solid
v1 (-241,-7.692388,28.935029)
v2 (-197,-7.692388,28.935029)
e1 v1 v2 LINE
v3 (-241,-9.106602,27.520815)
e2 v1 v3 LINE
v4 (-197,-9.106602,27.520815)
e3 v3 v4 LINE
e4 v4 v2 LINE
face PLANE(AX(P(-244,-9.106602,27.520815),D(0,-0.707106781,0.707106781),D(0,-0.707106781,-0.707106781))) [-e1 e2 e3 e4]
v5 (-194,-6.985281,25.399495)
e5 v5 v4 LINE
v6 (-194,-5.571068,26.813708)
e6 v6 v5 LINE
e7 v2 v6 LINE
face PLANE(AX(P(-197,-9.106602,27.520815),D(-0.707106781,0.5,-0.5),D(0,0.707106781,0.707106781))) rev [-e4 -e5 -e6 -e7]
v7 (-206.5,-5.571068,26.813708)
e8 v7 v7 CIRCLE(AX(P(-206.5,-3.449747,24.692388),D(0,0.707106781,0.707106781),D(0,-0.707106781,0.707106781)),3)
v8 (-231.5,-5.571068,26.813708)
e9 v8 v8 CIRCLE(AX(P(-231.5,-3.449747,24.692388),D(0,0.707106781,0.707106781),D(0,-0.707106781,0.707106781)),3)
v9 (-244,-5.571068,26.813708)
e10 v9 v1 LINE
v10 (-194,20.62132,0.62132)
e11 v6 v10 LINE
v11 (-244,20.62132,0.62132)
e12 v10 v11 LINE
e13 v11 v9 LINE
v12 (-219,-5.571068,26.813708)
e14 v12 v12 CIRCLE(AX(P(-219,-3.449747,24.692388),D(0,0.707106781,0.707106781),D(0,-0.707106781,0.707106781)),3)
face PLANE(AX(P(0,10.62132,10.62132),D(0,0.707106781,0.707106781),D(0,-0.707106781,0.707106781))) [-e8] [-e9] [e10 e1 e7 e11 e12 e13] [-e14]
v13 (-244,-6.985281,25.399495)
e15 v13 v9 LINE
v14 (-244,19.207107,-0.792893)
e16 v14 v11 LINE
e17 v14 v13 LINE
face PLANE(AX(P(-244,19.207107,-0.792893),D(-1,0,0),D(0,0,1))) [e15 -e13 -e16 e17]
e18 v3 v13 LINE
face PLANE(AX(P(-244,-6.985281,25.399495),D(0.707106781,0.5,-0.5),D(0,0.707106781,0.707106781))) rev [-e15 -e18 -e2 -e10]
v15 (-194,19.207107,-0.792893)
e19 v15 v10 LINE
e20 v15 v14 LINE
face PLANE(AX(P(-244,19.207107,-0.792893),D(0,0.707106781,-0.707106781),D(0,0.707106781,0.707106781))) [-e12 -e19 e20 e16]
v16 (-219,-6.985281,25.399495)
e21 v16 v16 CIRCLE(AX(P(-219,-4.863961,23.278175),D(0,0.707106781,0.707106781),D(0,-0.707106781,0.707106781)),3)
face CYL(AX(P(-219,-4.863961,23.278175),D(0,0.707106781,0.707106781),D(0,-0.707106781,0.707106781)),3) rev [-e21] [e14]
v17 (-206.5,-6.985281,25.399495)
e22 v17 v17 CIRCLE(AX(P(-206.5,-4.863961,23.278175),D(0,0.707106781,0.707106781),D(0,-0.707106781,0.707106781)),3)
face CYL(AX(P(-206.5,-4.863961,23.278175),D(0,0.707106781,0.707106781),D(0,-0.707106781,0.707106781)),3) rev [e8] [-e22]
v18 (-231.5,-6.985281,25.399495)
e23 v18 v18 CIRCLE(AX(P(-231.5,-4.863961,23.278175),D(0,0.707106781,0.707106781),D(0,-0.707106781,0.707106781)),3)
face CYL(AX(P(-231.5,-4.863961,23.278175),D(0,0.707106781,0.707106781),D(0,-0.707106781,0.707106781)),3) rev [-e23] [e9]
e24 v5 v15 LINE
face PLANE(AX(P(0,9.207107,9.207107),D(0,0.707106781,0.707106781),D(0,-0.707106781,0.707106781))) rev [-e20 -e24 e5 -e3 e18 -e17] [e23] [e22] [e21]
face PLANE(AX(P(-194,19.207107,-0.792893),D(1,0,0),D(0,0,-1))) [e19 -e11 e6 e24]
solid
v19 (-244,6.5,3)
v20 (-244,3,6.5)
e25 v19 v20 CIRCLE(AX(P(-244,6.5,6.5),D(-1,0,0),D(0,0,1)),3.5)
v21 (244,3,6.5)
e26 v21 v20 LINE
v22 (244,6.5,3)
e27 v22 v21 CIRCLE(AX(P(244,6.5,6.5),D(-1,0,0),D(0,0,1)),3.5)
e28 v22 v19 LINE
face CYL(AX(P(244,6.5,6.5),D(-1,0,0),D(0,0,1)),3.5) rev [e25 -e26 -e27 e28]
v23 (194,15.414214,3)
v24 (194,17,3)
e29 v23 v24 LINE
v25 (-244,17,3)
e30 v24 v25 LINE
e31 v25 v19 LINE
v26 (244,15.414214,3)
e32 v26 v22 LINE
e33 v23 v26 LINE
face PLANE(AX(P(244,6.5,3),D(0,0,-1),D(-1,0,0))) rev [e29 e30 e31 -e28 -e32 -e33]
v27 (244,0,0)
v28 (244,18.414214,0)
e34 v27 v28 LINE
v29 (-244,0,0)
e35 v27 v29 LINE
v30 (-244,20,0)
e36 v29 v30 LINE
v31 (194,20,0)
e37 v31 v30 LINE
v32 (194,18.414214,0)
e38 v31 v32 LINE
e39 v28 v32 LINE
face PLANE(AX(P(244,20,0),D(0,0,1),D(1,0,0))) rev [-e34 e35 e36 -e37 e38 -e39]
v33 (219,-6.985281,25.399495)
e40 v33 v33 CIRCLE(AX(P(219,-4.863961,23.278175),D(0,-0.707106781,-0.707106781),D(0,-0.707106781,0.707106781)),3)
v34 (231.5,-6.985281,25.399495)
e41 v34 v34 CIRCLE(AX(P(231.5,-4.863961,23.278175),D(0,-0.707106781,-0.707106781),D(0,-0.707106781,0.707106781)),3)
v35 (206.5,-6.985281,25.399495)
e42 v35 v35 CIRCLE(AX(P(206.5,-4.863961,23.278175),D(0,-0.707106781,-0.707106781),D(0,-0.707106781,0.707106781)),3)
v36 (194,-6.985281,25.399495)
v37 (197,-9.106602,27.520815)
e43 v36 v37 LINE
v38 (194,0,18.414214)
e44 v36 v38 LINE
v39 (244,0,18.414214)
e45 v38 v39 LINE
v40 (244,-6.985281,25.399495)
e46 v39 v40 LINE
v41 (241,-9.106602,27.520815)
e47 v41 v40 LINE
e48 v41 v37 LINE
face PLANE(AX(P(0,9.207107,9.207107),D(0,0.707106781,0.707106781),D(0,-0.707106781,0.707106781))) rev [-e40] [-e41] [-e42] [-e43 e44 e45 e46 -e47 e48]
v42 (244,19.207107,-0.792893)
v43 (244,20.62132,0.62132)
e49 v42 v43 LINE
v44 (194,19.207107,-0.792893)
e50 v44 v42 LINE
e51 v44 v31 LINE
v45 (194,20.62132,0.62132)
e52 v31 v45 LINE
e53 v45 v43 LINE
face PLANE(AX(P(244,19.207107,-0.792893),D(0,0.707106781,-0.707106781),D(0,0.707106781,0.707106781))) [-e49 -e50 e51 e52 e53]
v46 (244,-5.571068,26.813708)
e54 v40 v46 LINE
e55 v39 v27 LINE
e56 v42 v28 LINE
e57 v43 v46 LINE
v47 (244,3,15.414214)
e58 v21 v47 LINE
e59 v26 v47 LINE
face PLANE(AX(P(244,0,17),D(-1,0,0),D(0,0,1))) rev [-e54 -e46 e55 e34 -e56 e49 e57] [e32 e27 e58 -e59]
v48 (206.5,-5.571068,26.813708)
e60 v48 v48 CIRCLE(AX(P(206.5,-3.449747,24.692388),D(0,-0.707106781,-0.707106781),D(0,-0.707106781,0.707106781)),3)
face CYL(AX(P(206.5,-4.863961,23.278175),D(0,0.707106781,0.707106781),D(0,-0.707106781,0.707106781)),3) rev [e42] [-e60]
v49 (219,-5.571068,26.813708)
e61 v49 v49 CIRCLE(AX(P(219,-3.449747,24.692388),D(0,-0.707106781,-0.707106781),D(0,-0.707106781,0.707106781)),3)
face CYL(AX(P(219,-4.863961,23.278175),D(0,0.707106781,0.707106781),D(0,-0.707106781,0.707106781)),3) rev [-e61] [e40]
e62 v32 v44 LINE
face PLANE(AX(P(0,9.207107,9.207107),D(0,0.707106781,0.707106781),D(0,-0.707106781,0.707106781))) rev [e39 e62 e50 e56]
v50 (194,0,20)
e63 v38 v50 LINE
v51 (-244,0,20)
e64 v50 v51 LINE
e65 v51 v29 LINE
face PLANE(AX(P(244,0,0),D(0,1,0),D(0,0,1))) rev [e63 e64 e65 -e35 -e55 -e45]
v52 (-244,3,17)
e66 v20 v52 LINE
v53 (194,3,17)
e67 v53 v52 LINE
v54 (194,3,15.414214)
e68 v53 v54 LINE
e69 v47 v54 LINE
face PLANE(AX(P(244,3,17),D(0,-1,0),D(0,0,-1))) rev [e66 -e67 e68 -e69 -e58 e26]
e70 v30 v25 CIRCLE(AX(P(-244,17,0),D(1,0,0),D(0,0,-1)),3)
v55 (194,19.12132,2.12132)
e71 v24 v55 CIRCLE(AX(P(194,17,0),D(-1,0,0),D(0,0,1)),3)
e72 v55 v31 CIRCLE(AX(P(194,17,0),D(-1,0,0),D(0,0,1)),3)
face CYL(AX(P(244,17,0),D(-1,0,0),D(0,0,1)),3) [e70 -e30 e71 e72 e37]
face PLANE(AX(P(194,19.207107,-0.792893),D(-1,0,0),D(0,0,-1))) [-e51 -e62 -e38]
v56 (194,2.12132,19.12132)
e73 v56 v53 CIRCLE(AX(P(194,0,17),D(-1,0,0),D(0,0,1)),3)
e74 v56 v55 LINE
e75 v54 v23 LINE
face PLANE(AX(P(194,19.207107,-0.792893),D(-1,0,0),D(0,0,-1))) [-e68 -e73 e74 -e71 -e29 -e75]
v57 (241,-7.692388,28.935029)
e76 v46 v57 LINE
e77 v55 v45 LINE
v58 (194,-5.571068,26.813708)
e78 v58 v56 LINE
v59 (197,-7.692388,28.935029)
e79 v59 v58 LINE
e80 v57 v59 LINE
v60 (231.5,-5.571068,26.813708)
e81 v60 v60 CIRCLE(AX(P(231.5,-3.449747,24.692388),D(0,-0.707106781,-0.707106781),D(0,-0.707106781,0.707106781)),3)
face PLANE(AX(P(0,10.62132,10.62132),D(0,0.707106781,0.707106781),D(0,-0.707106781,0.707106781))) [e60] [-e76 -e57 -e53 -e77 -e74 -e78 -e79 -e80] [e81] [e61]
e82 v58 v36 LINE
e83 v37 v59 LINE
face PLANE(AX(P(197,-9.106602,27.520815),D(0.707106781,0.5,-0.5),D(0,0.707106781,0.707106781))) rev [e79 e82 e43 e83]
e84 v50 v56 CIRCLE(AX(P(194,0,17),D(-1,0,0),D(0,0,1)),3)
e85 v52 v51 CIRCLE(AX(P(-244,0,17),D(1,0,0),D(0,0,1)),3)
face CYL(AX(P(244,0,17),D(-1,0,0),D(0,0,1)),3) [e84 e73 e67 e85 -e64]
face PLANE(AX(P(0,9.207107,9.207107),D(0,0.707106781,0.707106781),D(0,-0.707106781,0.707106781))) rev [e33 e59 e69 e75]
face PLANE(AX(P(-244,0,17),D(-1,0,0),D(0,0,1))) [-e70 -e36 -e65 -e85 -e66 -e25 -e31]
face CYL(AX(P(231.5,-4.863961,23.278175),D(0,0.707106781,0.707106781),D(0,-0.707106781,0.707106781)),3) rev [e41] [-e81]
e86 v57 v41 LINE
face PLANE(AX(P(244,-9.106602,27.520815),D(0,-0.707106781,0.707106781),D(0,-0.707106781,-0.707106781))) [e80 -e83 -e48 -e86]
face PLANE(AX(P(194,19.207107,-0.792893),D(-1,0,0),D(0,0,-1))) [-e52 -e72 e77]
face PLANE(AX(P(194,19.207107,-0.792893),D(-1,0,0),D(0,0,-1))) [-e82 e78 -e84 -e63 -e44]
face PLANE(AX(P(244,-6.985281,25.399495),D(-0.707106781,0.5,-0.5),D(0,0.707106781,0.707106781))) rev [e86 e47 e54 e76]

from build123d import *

# Parameters (mm, degrees)
HIERRO_ANGULAR_20_X_20_X_3_1_DEPTH = 488
CROQUIS3_W                         = 50
CROQUIS3_H                         = 40.041630561
CROQUIS3_R                         = 3
SALIENTE_EXTRUIR1_DEPTH            = 2
CHAFL_N1_SIZE                      = 3
CHAFL_N1_OF_SIMETR_A3_SIZE         = 3


with BuildPart() as part:
    # Sketch1 → Hierro angular 20 X 20 X 3(1) (new body)
    with BuildSketch(Plane.YZ.offset(-244)):
        with BuildLine():
            Line((0, 0), (0, 20))
            ThreePointArc((0, 20), (2.121320344, 19.121320344), (3, 17))
            Line((3, 17), (3, 6.5))
            ThreePointArc((3, 6.5), (4.025126266, 4.025126266), (6.5, 3))
            Line((6.5, 3), (17, 3))
            ThreePointArc((17, 3), (19.121320344, 2.121320344), (20, 0))
            Line((20, 0), (0, 0))
        make_face()
    extrude(amount=HIERRO_ANGULAR_20_X_20_X_3_1_DEPTH)


with BuildPart() as body_2:
    # Croquis3 → Saliente-Extruir1 (new body)
    with BuildSketch(Plane(origin=(0, 10.621320344, 10.621320344), x_dir=(1, 0, 0), z_dir=(0, 0.7071067811865477, 0.7071067811865475))):
        with Locations((-219, -5.878679656)):
            Rectangle(CROQUIS3_W, CROQUIS3_H)
        with Locations(Location((-206.5, -19.899494937, 0), (0, 0, 270))):
            Circle(CROQUIS3_R, mode=Mode.SUBTRACT)
        with Locations(Location((-219, -19.899494937, 0), (0, 0, 270))):
            Circle(CROQUIS3_R, mode=Mode.SUBTRACT)
        with Locations(Location((-231.5, -19.899494937, 0), (0, 0, 270))):
            Circle(CROQUIS3_R, mode=Mode.SUBTRACT)
    saliente_extruir1 = extrude(amount=-SALIENTE_EXTRUIR1_DEPTH)

    # Chaflán1
    chafl_n1_edges = [body_2.edges().sort_by_distance(p)[0] for p in [
        (-194, -8.399494937, 28.227922061),
        (-244, -8.399494937, 28.227922061),
    ]]
    chamfer(chafl_n1_edges, length=CHAFL_N1_SIZE)


with BuildPart() as part_1:
    add(part.part)

    # Simetría3: Saliente-Extruir1 across plane
    add(saliente_extruir1.mirror(Plane(origin=(0, 0, 0), x_dir=(0, 0, 1), z_dir=(1, 0, 0))))

    # Chaflán1 of Simetría3
    chafl_n1_of_simetr_a3_edges = [part_1.edges().sort_by_distance(p)[0] for p in [
        (194, -8.399494937, 28.227922061),
        (244, -8.399494937, 28.227922061),
    ]]
    chamfer(chafl_n1_of_simetr_a3_edges, length=CHAFL_N1_OF_SIMETR_A3_SIZE)


solid = Compound([body_2.part, part_1.part])
